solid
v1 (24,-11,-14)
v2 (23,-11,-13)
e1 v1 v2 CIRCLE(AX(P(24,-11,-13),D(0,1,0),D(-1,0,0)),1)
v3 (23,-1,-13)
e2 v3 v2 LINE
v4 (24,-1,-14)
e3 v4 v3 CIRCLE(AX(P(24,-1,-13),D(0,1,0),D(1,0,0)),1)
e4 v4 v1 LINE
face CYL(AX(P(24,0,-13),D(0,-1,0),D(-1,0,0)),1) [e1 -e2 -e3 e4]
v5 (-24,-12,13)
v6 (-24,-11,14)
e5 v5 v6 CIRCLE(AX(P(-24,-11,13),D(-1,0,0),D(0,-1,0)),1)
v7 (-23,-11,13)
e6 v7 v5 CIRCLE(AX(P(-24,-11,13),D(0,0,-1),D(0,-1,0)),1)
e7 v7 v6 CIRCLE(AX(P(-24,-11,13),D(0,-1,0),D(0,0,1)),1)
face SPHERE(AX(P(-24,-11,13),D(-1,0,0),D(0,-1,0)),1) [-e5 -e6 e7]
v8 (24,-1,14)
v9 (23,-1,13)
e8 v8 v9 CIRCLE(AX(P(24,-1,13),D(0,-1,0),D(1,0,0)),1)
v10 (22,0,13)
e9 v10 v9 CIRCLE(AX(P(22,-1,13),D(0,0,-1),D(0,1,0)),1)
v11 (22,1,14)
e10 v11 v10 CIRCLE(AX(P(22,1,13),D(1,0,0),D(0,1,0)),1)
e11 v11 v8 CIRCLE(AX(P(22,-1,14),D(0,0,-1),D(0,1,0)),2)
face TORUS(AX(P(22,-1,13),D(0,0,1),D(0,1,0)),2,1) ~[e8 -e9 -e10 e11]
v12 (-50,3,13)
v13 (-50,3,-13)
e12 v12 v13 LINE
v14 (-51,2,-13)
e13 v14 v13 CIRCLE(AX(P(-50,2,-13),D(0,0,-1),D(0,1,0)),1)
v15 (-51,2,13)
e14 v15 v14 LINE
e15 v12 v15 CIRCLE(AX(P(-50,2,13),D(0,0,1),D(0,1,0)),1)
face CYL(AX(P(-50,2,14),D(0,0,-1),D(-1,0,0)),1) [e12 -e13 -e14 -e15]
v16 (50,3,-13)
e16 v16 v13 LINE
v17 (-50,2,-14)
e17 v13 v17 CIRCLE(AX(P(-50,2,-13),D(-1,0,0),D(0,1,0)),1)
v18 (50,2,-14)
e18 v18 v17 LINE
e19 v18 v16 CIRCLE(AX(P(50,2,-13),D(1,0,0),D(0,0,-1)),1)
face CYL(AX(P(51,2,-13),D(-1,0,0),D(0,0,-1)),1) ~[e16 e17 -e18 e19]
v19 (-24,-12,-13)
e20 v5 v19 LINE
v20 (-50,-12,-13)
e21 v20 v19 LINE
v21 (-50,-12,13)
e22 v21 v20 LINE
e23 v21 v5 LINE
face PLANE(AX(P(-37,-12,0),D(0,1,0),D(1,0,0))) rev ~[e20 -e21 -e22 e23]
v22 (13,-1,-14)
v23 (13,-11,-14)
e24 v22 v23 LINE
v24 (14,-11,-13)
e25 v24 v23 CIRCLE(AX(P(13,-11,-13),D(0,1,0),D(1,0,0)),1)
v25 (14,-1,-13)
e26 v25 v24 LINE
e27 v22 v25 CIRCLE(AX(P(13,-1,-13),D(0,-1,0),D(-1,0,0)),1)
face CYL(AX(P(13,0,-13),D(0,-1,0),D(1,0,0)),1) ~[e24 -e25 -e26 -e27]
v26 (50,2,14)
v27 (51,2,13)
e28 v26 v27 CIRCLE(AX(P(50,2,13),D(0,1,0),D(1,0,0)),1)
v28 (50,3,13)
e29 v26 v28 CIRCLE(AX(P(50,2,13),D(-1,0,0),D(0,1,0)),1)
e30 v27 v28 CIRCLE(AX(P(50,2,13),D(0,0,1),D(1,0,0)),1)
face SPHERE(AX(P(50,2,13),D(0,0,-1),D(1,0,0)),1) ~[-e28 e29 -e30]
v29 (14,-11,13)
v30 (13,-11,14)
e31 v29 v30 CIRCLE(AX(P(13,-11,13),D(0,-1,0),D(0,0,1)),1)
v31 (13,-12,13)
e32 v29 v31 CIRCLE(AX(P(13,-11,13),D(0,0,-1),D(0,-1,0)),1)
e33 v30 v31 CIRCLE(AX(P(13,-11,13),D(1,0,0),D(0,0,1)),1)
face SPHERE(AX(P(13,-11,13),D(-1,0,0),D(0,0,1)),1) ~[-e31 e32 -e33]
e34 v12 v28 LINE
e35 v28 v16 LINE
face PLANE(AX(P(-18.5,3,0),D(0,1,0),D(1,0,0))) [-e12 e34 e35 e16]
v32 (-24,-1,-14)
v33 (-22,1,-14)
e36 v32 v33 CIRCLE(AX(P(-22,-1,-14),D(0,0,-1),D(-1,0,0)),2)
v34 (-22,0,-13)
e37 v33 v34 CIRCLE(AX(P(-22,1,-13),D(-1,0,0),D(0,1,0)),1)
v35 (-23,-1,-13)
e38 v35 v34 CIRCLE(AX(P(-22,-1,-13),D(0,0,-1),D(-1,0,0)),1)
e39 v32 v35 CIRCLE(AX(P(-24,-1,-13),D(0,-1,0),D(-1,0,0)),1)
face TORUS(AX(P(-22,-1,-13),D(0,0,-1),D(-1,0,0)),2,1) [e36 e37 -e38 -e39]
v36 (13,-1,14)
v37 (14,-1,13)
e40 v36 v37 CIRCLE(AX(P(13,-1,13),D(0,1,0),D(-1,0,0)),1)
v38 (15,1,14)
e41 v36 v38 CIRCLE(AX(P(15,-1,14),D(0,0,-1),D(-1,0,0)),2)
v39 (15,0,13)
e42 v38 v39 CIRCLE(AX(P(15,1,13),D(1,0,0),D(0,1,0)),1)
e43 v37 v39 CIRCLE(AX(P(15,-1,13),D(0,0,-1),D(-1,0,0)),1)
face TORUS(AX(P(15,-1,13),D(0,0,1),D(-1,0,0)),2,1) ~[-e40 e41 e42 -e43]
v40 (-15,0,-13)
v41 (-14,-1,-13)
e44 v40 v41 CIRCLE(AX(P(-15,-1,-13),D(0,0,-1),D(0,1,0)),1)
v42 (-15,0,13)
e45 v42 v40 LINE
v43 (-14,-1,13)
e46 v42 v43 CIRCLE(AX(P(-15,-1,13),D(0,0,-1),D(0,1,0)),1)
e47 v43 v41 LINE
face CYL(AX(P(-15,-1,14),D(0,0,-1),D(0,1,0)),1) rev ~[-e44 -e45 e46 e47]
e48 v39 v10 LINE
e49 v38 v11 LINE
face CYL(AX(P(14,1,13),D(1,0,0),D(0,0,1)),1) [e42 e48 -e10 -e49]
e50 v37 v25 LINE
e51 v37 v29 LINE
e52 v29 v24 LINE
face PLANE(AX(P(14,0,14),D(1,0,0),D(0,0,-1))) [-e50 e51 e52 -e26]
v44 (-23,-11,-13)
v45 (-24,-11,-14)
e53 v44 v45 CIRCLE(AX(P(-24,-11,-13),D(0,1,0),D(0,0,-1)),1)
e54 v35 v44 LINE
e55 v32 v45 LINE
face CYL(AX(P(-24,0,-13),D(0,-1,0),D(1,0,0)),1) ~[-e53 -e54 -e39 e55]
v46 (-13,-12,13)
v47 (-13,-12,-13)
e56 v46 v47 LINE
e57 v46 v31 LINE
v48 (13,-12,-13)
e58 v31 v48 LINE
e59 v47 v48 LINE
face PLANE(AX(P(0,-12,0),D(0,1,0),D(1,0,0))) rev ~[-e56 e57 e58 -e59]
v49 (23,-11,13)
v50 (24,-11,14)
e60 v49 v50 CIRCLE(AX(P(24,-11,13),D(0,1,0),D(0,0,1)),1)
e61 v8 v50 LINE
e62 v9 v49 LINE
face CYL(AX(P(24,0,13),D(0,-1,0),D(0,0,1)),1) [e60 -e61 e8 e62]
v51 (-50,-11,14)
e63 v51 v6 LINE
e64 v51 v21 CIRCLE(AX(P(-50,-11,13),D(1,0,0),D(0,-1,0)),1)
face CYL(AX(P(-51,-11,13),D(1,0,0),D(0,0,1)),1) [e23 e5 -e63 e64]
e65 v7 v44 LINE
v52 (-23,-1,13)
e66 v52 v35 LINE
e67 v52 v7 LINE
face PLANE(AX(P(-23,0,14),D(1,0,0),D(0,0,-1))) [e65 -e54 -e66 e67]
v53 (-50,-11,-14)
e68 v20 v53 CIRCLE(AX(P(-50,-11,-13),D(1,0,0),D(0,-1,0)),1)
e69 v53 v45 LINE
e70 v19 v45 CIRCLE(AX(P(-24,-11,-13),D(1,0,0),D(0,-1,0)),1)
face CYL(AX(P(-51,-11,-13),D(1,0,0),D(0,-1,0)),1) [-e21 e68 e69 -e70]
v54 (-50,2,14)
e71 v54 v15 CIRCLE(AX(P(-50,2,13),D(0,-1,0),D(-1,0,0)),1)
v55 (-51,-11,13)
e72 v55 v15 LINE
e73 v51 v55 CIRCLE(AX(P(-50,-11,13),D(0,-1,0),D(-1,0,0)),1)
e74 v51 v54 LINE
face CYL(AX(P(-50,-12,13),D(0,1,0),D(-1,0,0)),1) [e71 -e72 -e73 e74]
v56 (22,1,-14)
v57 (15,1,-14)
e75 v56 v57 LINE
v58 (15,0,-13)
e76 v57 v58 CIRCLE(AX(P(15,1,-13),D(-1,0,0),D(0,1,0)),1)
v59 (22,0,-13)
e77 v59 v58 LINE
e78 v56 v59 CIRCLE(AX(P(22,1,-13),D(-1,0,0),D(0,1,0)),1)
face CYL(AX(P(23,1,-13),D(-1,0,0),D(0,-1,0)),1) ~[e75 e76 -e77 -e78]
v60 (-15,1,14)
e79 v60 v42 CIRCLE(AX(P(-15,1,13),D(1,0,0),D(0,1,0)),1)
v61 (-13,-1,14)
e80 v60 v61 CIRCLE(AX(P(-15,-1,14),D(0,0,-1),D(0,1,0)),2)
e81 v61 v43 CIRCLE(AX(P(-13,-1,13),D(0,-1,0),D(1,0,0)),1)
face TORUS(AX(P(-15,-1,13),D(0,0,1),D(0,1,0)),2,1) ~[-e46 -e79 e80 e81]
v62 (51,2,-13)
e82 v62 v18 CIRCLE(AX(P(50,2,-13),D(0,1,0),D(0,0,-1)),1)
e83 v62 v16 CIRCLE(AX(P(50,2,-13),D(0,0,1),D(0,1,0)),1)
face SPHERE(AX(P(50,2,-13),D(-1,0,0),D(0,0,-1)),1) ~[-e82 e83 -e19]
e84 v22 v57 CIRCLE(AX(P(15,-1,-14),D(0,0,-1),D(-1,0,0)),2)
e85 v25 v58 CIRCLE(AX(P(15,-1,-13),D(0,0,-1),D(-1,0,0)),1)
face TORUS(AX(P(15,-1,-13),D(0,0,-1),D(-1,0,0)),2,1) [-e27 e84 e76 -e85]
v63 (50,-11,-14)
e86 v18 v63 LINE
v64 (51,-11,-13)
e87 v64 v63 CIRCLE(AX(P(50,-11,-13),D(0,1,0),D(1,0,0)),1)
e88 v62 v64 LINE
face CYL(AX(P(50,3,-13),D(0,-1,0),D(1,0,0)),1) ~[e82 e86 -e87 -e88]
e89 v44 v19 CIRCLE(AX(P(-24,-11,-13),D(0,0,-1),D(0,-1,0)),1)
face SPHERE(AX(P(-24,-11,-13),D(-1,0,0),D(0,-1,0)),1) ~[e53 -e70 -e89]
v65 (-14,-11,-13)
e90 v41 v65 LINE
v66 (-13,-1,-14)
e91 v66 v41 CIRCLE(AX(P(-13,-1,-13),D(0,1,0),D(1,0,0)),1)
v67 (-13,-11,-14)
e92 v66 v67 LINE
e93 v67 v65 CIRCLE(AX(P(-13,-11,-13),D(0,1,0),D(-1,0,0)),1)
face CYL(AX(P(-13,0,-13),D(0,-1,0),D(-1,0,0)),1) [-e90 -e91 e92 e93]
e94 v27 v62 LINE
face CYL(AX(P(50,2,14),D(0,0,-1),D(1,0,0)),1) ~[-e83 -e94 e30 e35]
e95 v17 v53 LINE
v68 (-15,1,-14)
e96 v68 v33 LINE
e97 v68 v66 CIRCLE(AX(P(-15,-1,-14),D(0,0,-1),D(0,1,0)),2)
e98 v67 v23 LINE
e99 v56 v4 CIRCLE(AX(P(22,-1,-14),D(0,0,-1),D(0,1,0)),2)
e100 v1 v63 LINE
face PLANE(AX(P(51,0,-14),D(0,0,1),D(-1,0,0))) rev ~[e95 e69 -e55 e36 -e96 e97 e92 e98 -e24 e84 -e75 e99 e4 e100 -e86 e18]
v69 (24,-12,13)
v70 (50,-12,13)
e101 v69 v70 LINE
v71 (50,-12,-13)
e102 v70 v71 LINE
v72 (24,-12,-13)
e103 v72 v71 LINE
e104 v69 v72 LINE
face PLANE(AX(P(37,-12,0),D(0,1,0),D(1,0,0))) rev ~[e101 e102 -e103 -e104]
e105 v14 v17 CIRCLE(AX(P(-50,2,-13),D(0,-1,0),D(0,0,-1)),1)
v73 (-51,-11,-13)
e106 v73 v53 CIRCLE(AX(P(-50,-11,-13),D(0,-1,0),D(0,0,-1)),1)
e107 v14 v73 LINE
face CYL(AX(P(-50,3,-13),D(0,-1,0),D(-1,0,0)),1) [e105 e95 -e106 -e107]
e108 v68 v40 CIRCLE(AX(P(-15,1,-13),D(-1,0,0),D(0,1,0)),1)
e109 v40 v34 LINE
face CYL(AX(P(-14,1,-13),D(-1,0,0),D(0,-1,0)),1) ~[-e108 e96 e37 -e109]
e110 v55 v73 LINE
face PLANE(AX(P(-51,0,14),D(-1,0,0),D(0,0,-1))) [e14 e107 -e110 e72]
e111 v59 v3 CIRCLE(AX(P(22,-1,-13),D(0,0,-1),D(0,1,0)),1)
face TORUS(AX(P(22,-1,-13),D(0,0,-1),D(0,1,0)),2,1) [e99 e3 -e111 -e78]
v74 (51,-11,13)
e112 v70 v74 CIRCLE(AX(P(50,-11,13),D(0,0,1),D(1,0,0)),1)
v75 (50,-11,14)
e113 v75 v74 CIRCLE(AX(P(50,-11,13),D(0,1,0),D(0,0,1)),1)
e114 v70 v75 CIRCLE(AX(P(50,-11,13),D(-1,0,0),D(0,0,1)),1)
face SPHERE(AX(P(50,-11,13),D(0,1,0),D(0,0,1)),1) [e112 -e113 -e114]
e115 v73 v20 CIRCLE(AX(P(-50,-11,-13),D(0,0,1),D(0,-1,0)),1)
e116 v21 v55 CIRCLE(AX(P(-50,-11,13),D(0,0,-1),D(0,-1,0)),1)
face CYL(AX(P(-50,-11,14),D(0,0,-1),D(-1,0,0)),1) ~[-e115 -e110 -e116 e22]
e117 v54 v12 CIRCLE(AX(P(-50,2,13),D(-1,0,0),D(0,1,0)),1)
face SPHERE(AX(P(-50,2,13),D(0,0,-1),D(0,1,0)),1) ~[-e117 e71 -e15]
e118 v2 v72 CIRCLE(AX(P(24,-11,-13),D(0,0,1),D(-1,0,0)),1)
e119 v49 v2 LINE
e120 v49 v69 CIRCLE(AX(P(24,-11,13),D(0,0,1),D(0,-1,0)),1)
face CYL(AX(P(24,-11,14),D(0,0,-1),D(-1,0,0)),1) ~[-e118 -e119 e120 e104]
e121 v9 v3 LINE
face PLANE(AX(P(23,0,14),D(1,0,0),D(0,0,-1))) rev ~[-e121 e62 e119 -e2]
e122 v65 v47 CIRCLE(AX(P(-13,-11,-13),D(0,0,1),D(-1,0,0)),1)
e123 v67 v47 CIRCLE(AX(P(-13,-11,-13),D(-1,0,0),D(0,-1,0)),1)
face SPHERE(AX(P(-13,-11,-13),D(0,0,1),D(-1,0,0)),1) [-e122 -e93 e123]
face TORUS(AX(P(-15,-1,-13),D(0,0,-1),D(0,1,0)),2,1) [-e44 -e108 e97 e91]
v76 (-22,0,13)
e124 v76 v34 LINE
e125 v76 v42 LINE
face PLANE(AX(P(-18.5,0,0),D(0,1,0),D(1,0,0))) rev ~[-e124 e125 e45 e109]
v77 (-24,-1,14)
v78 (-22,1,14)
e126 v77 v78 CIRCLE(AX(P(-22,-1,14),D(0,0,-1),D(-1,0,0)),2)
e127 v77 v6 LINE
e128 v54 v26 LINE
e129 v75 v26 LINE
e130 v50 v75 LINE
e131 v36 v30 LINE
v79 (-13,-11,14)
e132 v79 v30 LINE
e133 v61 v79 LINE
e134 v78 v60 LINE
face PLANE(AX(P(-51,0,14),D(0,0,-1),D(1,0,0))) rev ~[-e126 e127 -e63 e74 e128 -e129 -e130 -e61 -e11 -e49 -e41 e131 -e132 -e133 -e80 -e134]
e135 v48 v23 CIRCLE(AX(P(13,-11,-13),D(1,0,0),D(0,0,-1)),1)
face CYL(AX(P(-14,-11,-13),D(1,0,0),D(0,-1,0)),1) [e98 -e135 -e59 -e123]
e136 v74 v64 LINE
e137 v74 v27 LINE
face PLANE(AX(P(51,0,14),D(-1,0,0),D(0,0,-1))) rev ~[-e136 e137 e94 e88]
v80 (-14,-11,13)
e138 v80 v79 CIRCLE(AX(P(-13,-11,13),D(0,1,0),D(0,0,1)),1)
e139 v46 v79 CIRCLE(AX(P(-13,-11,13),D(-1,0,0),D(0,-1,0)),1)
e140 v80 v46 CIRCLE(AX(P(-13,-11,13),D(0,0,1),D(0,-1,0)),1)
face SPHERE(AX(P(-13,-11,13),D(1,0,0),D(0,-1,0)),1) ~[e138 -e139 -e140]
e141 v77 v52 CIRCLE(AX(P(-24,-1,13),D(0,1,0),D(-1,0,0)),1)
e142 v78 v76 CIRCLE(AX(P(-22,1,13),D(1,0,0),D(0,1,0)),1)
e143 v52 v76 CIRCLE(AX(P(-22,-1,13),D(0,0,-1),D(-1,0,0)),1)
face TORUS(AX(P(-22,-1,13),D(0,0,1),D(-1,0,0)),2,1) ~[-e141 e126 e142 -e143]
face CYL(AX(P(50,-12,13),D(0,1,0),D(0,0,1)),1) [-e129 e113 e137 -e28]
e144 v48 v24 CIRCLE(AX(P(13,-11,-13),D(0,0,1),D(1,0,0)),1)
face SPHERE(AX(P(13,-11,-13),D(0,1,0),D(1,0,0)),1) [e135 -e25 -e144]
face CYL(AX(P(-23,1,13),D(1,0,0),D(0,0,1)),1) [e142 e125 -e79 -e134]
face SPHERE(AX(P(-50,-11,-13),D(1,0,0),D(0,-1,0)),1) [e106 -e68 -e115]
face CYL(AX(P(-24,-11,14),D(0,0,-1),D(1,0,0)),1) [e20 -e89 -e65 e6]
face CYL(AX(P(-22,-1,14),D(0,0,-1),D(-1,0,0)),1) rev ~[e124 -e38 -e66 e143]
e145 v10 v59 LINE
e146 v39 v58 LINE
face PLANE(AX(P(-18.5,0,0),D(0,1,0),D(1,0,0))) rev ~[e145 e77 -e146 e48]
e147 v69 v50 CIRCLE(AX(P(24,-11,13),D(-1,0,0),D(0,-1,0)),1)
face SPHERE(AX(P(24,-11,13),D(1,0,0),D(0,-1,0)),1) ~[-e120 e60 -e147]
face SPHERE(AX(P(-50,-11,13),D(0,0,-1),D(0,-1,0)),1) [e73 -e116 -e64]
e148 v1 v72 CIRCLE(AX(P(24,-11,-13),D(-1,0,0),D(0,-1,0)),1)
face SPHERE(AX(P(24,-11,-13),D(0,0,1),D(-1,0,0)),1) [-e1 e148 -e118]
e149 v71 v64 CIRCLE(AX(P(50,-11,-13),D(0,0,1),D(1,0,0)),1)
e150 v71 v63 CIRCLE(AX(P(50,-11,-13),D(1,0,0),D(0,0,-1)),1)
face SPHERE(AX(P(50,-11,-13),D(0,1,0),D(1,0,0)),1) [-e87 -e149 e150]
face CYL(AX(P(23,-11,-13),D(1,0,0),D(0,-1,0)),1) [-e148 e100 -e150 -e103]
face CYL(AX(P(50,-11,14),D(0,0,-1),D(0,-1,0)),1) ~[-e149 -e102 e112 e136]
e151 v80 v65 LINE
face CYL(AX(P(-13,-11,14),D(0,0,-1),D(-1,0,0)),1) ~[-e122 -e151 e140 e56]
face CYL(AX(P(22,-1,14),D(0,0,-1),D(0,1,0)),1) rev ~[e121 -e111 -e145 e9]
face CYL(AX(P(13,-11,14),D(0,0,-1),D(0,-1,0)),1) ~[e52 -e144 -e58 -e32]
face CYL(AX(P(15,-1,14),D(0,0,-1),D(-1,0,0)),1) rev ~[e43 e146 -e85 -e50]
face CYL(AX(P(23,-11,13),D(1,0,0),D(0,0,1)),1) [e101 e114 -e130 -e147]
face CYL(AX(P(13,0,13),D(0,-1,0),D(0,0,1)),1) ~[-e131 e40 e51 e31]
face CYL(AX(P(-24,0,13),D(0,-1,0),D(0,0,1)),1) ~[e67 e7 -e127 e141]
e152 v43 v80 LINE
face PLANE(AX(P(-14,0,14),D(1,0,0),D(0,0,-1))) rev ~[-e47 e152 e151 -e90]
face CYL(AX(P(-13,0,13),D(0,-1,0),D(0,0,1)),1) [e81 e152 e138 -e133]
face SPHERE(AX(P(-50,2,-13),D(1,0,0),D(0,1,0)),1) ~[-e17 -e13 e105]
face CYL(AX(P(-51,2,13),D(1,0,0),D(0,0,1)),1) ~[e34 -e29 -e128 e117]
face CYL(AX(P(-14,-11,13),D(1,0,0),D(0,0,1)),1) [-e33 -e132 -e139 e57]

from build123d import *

# Parameters (mm, degrees)
SKETCH_2_W        = 28
SKETCH_2_H        = 28
EXTRUDE_3_DEPTH   = 12
EXTRUDE_3_2_DEPTH = 12
EXTRUDE_3_3_DEPTH = 12
SKETCH_2_3_W      = 9
SKETCH_2_3_H      = 28
SKETCH_2_3_W_2    = 28
EXTRUDE_4_DEPTH   = 3
FILLET_1_R        = 1


with BuildPart() as part:
    # 草图2 → 凸台-拉伸3 (new body)
    with BuildSketch(Plane(origin=(0, 0, 0), x_dir=(1, 0, 0), z_dir=(0, 1, 0))):
        with Locations((-37, 0)):
            Rectangle(SKETCH_2_W, SKETCH_2_H)
    extrude(amount=-EXTRUDE_3_DEPTH)



with BuildPart() as body_2:
    # 草图2 → Extrude 3 2 (new body)
    with BuildSketch(Plane(origin=(0, 0, 0), x_dir=(1, 0, 0), z_dir=(0, 1, 0))):
        Rectangle(SKETCH_2_W, SKETCH_2_H)
    extrude(amount=-EXTRUDE_3_2_DEPTH)


with BuildPart() as body_3:
    # 草图2 → Extrude 3 3 (new body)
    with BuildSketch(Plane(origin=(0, 0, 0), x_dir=(1, 0, 0), z_dir=(0, 1, 0))):
        with Locations((37, 0)):
            Rectangle(SKETCH_2_W, SKETCH_2_H)
    extrude(amount=-EXTRUDE_3_3_DEPTH)


with BuildPart() as part_1:
    add(part.part)

    add(body_2.part)  # 凸台-拉伸4 merges body 2

    add(body_3.part)  # 凸台-拉伸4 merges body 3
    # 草图2<3> → 凸台-拉伸4 (add)
    with BuildSketch(Plane(origin=(0, 0, 0), x_dir=(1, 0, 0), z_dir=(0, 1, 0))):
        with Locations((-18.5, 0)):
            Rectangle(SKETCH_2_3_W, SKETCH_2_3_H)
        with Locations((-37, 0)):
            Rectangle(SKETCH_2_3_W_2, SKETCH_2_3_H)
        Rectangle(SKETCH_2_3_W_2, SKETCH_2_3_H)
        with Locations((18.5, 0)):
            Rectangle(SKETCH_2_3_W, SKETCH_2_3_H)
        with Locations((37, 0)):
            Rectangle(SKETCH_2_3_W_2, SKETCH_2_3_H)
    extrude(amount=EXTRUDE_4_DEPTH)

    # 圆角1
    fillet_1_edges = [part_1.edges().sort_by_distance(p)[0] for p in [
        (-37, -12, -14),
        (-51, -12, 0),
        (0, 3, -14),
        (51, -4.5, -14),
        (-18.5, 0, 14),
        (51, 3, 0),
        (51, -4.5, 14),
        (-51, 3, 0),
        (0, 3, 14),
        (-18.5, 0, -14),
        (-37, -12, 14),
        (18.5, 0, -14),
        (18.5, 0, 14),
        (14, 0, 0),
        (14, -6, -14),
        (0, -12, 14),
        (14, -6, 14),
        (-14, -12, 0),
        (-14, -6, 14),
        (-14, -6, -14),
        (14, -12, 0),
        (0, -12, -14),
        (-14, 0, 0),
        (37, -12, 14),
        (23, -12, 0),
        (23, -6, 14),
        (23, -6, -14),
        (51, -12, 0),
        (37, -12, -14),
        (23, 0, 0),
        (-23, -12, 0),
        (-23, 0, 0),
        (-23, -6, 14),
        (-51, -4.5, 14),
        (-51, -4.5, -14),
        (-23, -6, -14),
    ]]
    fillet(fillet_1_edges, radius=FILLET_1_R)


solid = part_1.part
